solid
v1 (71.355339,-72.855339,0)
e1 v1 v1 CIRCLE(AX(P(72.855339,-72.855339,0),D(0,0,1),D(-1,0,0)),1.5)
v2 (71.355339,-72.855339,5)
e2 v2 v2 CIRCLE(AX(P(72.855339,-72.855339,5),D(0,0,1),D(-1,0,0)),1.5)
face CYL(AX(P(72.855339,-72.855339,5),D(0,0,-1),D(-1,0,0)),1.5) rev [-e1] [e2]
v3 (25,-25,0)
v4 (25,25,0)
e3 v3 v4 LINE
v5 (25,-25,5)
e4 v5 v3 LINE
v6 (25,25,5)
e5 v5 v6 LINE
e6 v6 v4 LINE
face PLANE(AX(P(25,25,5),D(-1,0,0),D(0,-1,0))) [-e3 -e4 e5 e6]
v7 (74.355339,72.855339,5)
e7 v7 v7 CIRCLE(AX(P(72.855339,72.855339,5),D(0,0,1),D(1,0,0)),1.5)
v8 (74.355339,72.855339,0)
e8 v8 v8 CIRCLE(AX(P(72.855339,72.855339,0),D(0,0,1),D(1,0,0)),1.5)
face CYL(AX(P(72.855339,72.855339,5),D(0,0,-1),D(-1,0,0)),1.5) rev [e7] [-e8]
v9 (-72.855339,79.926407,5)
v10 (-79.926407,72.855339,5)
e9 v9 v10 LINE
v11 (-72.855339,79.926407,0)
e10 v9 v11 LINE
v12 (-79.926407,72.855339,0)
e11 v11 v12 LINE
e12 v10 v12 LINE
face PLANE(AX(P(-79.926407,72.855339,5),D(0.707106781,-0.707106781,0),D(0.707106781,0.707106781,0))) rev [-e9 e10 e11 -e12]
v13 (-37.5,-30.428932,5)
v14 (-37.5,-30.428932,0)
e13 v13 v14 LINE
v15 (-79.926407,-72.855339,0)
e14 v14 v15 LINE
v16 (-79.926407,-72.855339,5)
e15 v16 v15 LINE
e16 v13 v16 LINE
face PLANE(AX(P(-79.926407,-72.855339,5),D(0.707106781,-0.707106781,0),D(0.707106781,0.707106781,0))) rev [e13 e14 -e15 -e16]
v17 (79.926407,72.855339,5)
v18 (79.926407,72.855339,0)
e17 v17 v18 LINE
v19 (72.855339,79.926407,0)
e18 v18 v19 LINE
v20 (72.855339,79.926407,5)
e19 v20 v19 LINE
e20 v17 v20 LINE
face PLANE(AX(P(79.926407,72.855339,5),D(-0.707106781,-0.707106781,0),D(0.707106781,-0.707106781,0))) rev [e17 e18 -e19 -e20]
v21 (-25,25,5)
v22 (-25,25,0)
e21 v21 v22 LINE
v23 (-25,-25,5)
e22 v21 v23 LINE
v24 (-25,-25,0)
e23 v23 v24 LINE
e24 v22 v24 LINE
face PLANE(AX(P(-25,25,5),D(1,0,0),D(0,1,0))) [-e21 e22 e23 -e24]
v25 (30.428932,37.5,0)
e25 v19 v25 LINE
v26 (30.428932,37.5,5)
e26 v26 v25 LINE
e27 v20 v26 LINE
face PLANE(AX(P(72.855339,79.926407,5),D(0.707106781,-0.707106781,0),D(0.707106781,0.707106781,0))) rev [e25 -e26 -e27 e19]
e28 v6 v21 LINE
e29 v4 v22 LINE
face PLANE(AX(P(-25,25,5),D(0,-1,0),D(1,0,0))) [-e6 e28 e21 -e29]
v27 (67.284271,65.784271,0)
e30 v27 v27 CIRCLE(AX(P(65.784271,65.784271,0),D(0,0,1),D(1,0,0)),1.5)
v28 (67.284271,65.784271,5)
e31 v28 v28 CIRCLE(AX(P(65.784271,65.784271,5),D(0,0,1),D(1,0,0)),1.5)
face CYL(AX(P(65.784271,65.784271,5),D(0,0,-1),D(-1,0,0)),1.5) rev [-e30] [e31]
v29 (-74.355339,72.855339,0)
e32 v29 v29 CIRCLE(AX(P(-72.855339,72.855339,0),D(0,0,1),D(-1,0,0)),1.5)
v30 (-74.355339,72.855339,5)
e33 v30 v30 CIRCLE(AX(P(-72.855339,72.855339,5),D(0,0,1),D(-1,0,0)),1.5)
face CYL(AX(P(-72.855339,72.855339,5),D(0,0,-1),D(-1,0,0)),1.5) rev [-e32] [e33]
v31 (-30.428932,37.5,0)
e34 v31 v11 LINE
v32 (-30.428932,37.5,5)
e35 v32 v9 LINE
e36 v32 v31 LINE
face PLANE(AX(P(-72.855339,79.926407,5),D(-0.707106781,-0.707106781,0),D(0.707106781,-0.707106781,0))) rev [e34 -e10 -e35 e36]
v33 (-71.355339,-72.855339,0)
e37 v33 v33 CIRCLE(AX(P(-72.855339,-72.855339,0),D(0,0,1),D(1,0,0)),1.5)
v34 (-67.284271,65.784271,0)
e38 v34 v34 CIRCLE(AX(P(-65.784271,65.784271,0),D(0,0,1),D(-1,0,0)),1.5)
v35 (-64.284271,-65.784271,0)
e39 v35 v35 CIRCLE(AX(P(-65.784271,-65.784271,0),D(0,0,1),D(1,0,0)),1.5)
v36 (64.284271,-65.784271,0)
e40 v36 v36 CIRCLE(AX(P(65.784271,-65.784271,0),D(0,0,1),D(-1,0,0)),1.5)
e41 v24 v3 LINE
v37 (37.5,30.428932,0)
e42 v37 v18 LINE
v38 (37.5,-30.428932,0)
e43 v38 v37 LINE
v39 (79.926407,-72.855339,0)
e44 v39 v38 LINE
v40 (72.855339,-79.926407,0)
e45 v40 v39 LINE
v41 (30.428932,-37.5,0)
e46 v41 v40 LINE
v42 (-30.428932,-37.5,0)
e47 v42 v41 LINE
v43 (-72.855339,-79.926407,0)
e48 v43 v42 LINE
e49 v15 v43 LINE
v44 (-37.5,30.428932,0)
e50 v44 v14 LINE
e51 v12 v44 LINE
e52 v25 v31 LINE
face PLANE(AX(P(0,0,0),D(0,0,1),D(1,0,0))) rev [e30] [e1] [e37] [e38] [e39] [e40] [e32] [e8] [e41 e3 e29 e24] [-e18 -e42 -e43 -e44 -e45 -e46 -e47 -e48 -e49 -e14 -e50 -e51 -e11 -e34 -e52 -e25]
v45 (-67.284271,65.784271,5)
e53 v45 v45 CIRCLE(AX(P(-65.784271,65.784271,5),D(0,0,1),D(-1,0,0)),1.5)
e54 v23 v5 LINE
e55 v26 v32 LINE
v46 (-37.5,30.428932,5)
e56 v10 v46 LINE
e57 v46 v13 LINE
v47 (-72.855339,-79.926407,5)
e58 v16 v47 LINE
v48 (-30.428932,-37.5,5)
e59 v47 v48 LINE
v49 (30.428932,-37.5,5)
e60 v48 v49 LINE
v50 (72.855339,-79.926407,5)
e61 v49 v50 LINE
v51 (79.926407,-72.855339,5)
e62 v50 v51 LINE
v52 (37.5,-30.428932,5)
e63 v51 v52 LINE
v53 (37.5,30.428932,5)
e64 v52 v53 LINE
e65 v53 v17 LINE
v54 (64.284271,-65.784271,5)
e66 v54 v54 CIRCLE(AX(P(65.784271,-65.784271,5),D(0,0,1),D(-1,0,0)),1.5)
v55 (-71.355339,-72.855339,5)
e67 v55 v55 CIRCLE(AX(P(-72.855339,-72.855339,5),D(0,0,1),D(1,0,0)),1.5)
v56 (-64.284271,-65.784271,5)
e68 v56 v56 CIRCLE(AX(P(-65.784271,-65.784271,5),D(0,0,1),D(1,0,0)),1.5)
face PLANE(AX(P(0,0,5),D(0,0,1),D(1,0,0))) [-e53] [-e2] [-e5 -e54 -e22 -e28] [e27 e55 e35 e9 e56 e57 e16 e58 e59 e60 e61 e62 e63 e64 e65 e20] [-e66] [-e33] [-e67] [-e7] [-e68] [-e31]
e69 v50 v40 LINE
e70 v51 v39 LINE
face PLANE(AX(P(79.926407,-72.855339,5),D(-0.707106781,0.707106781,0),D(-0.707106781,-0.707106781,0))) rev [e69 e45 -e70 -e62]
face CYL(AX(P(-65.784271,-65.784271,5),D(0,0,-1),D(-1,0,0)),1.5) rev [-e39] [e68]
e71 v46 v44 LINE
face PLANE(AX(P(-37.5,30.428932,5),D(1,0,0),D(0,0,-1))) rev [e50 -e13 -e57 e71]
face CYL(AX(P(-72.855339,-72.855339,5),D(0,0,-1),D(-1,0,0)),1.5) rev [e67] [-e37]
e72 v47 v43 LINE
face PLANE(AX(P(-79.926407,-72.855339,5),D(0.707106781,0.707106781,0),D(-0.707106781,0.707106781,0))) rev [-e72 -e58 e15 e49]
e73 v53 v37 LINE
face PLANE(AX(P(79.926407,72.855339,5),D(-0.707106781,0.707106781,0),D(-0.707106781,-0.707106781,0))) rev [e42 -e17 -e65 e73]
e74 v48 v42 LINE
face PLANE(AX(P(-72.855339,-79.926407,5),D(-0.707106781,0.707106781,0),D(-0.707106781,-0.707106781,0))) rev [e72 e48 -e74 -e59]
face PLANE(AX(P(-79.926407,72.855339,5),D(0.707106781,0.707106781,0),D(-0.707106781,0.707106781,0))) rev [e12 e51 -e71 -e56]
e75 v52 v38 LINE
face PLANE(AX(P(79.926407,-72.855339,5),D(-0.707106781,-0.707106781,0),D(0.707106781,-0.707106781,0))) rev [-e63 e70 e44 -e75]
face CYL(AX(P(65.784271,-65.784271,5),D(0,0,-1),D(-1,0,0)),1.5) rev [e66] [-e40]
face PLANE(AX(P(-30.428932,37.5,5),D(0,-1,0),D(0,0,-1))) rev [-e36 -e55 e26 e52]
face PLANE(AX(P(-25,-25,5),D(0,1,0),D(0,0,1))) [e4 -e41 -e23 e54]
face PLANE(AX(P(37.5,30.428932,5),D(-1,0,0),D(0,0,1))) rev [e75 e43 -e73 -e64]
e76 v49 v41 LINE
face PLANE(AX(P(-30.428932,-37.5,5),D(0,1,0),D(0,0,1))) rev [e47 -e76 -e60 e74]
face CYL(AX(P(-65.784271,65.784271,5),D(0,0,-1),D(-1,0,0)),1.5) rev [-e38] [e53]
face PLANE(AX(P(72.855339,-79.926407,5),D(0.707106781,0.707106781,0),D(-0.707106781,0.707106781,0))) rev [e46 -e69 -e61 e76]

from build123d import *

# Parameters (mm, degrees)
SKETCH1_R           = 1.5
SKETCH1_W           = 50
SKETCH1_H           = 50
BOSS_EXTRUDE1_DEPTH = 5


with BuildPart() as part:
    # Sketch1 → Boss-Extrude1 (new body)
    with BuildSketch(Plane.XY):
        Polygon((-79.926406871, -72.855339059), (-37.5, -30.428932188), (-37.5, 30.428932188), (-79.926406871, 72.855339059), (-72.855339059, 79.926406871), (-30.428932188, 37.5), (30.428932188, 37.5), (72.855339059, 79.926406871), (79.926406871, 72.855339059), (37.5, 30.428932188), (37.5, -30.428932188), (79.926406871, -72.855339059), (72.855339059, -79.926406871), (30.428932188, -37.5), (-30.428932188, -37.5), (-72.855339059, -79.926406871), align=None)
        with Locations((72.855339059, 72.855339059)):
            Circle(SKETCH1_R, mode=Mode.SUBTRACT)
        with Locations((65.784271247, 65.784271247)):
            Circle(SKETCH1_R, mode=Mode.SUBTRACT)
        with Locations(Location((-65.784271247, 65.784271247, 0), (0, 0, 180))):
            Circle(SKETCH1_R, mode=Mode.SUBTRACT)
        with Locations(Location((-72.855339059, 72.855339059, 0), (0, 0, 180))):
            Circle(SKETCH1_R, mode=Mode.SUBTRACT)
        with Locations(Location((72.855339059, -72.855339059, 0), (0, 0, 180))):
            Circle(SKETCH1_R, mode=Mode.SUBTRACT)
        with Locations(Location((65.784271247, -65.784271247, 0), (0, 0, 180))):
            Circle(SKETCH1_R, mode=Mode.SUBTRACT)
        with Locations((-72.855339059, -72.855339059)):
            Circle(SKETCH1_R, mode=Mode.SUBTRACT)
        with Locations((-65.784271247, -65.784271247)):
            Circle(SKETCH1_R, mode=Mode.SUBTRACT)
        Rectangle(SKETCH1_W, SKETCH1_H, mode=Mode.SUBTRACT)
    extrude(amount=BOSS_EXTRUDE1_DEPTH)


solid = part.part
